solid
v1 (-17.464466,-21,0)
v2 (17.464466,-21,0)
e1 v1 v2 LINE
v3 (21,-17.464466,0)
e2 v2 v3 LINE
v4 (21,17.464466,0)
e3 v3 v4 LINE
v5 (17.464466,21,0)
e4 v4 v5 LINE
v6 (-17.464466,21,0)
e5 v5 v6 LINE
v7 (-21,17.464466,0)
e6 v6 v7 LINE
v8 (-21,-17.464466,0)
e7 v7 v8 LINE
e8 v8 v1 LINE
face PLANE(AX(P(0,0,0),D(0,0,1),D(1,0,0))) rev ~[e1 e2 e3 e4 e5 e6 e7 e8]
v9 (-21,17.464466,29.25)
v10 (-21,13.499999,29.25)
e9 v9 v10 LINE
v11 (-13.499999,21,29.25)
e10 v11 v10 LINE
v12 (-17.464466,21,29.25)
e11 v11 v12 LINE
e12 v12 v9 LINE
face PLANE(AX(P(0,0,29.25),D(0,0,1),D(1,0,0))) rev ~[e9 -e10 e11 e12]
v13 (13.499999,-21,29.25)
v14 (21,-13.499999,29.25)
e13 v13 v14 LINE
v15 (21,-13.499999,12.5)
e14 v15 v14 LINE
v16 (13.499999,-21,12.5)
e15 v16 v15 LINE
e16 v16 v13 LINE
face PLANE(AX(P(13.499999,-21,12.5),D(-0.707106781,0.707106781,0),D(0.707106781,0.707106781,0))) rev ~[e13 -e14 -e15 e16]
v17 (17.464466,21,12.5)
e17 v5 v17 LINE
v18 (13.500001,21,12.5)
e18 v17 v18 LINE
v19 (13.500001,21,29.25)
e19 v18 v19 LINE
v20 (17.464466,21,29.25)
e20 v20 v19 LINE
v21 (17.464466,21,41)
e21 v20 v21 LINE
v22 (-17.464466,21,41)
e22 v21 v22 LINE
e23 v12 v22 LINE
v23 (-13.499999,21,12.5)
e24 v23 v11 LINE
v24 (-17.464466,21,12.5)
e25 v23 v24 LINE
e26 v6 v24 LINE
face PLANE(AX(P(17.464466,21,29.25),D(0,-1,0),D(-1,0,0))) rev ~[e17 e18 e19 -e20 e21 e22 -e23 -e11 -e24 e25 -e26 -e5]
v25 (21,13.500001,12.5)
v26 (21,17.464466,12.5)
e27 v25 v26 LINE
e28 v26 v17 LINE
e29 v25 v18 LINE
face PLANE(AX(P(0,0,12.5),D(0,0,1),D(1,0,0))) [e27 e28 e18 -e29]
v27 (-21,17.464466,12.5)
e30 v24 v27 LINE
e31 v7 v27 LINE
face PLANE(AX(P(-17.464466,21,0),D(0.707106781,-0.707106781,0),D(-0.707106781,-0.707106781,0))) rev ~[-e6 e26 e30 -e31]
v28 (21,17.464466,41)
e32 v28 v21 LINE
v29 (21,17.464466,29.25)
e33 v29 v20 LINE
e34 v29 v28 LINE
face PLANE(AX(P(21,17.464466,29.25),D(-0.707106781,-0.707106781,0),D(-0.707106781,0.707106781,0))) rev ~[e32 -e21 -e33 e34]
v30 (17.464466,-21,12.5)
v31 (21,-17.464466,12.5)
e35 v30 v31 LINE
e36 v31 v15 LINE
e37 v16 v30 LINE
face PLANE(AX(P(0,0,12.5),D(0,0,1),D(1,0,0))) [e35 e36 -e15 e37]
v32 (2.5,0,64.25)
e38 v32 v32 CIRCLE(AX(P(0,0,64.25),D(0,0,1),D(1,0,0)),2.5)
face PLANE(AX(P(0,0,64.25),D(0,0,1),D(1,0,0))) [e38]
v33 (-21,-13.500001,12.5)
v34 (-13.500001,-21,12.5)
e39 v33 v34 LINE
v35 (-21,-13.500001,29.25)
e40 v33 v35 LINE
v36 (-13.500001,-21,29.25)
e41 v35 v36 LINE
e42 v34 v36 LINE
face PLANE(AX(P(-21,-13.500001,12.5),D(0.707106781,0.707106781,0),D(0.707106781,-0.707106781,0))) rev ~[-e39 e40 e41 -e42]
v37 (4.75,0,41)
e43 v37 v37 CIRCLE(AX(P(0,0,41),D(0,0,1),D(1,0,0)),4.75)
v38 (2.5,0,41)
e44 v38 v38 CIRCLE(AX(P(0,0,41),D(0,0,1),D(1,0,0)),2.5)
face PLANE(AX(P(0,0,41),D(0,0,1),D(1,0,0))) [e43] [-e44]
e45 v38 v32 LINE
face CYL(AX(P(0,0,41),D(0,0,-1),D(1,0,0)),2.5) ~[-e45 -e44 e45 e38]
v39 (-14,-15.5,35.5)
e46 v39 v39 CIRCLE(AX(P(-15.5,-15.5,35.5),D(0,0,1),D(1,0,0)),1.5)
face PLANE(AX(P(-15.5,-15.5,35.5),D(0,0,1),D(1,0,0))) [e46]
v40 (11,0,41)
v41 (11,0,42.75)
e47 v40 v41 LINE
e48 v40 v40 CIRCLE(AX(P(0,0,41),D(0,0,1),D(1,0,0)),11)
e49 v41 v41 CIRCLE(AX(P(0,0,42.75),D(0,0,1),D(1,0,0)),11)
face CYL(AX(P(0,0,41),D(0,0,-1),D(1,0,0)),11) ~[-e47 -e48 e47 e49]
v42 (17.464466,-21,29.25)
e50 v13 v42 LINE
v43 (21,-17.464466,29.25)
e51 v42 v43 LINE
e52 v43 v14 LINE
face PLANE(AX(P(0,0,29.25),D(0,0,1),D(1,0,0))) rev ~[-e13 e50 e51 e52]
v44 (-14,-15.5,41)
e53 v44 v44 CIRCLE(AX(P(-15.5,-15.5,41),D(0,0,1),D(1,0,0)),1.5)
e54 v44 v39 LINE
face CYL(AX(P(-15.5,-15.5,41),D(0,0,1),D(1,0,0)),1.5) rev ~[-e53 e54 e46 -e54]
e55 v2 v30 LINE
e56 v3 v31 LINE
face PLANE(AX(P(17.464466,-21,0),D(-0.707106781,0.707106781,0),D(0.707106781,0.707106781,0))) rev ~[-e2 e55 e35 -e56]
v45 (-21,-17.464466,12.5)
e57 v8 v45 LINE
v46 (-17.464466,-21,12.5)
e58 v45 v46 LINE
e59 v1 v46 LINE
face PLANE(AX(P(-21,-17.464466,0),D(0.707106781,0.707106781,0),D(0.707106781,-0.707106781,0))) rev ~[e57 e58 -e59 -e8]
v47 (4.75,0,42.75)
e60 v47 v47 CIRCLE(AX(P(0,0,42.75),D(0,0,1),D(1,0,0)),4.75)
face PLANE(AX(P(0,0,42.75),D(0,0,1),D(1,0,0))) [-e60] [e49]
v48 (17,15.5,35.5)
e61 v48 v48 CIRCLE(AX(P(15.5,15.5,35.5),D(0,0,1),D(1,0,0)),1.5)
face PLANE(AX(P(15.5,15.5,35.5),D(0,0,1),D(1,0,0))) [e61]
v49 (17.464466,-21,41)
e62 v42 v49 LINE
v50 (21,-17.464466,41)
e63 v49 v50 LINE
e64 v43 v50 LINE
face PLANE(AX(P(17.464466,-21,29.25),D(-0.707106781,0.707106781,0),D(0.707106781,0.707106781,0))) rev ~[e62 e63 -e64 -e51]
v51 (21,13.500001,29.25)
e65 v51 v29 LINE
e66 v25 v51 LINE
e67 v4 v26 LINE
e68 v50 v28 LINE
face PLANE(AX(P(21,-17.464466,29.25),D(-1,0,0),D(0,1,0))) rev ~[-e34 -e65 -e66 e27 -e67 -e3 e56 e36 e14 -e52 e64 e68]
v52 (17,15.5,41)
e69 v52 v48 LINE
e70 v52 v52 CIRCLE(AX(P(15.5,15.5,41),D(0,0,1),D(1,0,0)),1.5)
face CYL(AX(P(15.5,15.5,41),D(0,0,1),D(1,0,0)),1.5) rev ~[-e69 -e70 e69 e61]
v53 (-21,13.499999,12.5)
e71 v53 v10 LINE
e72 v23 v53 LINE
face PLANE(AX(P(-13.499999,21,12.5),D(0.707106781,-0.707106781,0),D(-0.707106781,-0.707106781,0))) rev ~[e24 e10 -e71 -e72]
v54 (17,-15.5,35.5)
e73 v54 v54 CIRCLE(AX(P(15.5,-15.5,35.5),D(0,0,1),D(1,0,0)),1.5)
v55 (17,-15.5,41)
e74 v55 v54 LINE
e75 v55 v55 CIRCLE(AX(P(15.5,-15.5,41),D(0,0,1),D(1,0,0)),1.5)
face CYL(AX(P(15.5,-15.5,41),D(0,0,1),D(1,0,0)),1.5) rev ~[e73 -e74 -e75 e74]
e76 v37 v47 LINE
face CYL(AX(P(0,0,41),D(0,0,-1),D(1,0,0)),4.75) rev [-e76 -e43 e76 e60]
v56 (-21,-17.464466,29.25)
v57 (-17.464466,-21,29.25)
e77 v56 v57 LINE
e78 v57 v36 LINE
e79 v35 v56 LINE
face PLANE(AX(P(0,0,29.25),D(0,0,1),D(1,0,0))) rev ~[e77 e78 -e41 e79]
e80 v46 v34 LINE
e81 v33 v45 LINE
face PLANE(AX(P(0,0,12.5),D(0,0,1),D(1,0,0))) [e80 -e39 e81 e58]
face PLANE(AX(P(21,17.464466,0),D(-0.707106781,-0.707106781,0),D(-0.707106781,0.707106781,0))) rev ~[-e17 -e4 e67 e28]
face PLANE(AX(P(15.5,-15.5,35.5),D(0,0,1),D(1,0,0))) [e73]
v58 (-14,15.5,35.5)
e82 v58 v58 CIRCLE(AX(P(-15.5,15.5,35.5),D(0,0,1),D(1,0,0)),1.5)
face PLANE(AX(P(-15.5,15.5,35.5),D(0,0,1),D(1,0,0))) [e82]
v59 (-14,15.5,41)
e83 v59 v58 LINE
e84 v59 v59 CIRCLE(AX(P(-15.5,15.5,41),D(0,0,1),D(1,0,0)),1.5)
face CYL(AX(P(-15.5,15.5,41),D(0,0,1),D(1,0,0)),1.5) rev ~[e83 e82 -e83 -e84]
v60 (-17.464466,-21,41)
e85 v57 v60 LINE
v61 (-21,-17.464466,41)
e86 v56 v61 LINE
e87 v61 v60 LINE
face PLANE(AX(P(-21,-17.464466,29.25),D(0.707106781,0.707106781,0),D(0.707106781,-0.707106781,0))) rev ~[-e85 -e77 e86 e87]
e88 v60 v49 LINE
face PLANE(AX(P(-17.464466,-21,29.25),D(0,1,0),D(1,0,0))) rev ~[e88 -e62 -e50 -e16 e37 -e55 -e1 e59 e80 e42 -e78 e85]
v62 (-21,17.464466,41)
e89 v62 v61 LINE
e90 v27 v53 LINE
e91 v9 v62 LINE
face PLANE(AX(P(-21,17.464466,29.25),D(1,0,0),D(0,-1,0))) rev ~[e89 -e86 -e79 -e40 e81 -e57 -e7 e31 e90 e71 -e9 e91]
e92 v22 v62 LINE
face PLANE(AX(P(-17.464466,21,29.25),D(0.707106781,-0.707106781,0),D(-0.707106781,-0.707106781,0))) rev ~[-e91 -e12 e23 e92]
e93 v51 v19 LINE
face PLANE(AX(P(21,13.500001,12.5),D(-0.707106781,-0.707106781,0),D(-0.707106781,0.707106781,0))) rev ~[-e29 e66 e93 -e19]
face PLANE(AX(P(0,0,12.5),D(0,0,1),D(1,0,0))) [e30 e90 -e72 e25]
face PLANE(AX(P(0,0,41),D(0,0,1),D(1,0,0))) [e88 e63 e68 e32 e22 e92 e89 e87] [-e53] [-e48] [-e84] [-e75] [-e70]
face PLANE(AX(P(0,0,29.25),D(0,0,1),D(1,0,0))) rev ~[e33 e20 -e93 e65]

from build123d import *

# Parameters (mm, degrees)
F1_DEPTH  = 12.5
F3_DEPTH  = 16.75
F4_START  = 29.25
F4_DEPTH  = 11.75
F5_R      = 1.5
F6_DEPTH  = 5.5
F7_R      = 11
F7_R_2    = 4.75
F8_DEPTH  = 1.75
F9_R      = 2.5
F10_DEPTH = 23.25


with BuildPart() as f1:
    # F0 (on Top) → F1 (new body)
    with BuildSketch(Plane.XY):
        Polygon((17.4644660941, 21), (-17.4644660941, 21), (-21, 17.4644660941), (-21, -17.4644660941), (-17.4644660941, -21), (17.4644660941, -21), (21, -17.4644660941), (21, 17.4644660941), align=None)
    extrude(amount=F1_DEPTH)

    # F2 (on face) → F3 (join)
    with BuildSketch(Plane.XY.offset(12.5)):
        Polygon((13.5000012147, 21), (-13.4999987853, 21), (-21, 13.4999987853), (-21, -13.5000012147), (-13.5000012147, -21), (13.4999987853, -21), (21, -13.4999987853), (21, 13.5000012147), align=None)
    extrude(amount=F3_DEPTH)

    # F0 (on Top) → F4 (join)
    with BuildSketch(Plane.XY.offset(F4_START)):
        Polygon((17.4644660941, 21), (-17.4644660941, 21), (-21, 17.4644660941), (-21, -17.4644660941), (-17.4644660941, -21), (17.4644660941, -21), (21, -17.4644660941), (21, 17.4644660941), align=None)
    extrude(amount=F4_DEPTH)

    # F5 (on face) → F6 (cut)
    with BuildSketch(Plane.XY.offset(41)):
        with Locations((-15.5, 15.5)):
            Circle(F5_R)
        with Locations((15.5, 15.5)):
            Circle(F5_R)
        with Locations((15.5, -15.5)):
            Circle(F5_R)
        with Locations((-15.5, -15.5)):
            Circle(F5_R)
    extrude(amount=-F6_DEPTH, mode=Mode.SUBTRACT)

    # F7 (on face) → F8 (join)
    with BuildSketch(Plane.XY.offset(41)):
        Circle(F7_R)
        Circle(F7_R_2, mode=Mode.SUBTRACT)
    extrude(amount=F8_DEPTH)

    # F9 (on face) → F10 (join)
    with BuildSketch(Plane.XY.offset(41)):
        Circle(F9_R)
    extrude(amount=F10_DEPTH)


solid = f1.part
